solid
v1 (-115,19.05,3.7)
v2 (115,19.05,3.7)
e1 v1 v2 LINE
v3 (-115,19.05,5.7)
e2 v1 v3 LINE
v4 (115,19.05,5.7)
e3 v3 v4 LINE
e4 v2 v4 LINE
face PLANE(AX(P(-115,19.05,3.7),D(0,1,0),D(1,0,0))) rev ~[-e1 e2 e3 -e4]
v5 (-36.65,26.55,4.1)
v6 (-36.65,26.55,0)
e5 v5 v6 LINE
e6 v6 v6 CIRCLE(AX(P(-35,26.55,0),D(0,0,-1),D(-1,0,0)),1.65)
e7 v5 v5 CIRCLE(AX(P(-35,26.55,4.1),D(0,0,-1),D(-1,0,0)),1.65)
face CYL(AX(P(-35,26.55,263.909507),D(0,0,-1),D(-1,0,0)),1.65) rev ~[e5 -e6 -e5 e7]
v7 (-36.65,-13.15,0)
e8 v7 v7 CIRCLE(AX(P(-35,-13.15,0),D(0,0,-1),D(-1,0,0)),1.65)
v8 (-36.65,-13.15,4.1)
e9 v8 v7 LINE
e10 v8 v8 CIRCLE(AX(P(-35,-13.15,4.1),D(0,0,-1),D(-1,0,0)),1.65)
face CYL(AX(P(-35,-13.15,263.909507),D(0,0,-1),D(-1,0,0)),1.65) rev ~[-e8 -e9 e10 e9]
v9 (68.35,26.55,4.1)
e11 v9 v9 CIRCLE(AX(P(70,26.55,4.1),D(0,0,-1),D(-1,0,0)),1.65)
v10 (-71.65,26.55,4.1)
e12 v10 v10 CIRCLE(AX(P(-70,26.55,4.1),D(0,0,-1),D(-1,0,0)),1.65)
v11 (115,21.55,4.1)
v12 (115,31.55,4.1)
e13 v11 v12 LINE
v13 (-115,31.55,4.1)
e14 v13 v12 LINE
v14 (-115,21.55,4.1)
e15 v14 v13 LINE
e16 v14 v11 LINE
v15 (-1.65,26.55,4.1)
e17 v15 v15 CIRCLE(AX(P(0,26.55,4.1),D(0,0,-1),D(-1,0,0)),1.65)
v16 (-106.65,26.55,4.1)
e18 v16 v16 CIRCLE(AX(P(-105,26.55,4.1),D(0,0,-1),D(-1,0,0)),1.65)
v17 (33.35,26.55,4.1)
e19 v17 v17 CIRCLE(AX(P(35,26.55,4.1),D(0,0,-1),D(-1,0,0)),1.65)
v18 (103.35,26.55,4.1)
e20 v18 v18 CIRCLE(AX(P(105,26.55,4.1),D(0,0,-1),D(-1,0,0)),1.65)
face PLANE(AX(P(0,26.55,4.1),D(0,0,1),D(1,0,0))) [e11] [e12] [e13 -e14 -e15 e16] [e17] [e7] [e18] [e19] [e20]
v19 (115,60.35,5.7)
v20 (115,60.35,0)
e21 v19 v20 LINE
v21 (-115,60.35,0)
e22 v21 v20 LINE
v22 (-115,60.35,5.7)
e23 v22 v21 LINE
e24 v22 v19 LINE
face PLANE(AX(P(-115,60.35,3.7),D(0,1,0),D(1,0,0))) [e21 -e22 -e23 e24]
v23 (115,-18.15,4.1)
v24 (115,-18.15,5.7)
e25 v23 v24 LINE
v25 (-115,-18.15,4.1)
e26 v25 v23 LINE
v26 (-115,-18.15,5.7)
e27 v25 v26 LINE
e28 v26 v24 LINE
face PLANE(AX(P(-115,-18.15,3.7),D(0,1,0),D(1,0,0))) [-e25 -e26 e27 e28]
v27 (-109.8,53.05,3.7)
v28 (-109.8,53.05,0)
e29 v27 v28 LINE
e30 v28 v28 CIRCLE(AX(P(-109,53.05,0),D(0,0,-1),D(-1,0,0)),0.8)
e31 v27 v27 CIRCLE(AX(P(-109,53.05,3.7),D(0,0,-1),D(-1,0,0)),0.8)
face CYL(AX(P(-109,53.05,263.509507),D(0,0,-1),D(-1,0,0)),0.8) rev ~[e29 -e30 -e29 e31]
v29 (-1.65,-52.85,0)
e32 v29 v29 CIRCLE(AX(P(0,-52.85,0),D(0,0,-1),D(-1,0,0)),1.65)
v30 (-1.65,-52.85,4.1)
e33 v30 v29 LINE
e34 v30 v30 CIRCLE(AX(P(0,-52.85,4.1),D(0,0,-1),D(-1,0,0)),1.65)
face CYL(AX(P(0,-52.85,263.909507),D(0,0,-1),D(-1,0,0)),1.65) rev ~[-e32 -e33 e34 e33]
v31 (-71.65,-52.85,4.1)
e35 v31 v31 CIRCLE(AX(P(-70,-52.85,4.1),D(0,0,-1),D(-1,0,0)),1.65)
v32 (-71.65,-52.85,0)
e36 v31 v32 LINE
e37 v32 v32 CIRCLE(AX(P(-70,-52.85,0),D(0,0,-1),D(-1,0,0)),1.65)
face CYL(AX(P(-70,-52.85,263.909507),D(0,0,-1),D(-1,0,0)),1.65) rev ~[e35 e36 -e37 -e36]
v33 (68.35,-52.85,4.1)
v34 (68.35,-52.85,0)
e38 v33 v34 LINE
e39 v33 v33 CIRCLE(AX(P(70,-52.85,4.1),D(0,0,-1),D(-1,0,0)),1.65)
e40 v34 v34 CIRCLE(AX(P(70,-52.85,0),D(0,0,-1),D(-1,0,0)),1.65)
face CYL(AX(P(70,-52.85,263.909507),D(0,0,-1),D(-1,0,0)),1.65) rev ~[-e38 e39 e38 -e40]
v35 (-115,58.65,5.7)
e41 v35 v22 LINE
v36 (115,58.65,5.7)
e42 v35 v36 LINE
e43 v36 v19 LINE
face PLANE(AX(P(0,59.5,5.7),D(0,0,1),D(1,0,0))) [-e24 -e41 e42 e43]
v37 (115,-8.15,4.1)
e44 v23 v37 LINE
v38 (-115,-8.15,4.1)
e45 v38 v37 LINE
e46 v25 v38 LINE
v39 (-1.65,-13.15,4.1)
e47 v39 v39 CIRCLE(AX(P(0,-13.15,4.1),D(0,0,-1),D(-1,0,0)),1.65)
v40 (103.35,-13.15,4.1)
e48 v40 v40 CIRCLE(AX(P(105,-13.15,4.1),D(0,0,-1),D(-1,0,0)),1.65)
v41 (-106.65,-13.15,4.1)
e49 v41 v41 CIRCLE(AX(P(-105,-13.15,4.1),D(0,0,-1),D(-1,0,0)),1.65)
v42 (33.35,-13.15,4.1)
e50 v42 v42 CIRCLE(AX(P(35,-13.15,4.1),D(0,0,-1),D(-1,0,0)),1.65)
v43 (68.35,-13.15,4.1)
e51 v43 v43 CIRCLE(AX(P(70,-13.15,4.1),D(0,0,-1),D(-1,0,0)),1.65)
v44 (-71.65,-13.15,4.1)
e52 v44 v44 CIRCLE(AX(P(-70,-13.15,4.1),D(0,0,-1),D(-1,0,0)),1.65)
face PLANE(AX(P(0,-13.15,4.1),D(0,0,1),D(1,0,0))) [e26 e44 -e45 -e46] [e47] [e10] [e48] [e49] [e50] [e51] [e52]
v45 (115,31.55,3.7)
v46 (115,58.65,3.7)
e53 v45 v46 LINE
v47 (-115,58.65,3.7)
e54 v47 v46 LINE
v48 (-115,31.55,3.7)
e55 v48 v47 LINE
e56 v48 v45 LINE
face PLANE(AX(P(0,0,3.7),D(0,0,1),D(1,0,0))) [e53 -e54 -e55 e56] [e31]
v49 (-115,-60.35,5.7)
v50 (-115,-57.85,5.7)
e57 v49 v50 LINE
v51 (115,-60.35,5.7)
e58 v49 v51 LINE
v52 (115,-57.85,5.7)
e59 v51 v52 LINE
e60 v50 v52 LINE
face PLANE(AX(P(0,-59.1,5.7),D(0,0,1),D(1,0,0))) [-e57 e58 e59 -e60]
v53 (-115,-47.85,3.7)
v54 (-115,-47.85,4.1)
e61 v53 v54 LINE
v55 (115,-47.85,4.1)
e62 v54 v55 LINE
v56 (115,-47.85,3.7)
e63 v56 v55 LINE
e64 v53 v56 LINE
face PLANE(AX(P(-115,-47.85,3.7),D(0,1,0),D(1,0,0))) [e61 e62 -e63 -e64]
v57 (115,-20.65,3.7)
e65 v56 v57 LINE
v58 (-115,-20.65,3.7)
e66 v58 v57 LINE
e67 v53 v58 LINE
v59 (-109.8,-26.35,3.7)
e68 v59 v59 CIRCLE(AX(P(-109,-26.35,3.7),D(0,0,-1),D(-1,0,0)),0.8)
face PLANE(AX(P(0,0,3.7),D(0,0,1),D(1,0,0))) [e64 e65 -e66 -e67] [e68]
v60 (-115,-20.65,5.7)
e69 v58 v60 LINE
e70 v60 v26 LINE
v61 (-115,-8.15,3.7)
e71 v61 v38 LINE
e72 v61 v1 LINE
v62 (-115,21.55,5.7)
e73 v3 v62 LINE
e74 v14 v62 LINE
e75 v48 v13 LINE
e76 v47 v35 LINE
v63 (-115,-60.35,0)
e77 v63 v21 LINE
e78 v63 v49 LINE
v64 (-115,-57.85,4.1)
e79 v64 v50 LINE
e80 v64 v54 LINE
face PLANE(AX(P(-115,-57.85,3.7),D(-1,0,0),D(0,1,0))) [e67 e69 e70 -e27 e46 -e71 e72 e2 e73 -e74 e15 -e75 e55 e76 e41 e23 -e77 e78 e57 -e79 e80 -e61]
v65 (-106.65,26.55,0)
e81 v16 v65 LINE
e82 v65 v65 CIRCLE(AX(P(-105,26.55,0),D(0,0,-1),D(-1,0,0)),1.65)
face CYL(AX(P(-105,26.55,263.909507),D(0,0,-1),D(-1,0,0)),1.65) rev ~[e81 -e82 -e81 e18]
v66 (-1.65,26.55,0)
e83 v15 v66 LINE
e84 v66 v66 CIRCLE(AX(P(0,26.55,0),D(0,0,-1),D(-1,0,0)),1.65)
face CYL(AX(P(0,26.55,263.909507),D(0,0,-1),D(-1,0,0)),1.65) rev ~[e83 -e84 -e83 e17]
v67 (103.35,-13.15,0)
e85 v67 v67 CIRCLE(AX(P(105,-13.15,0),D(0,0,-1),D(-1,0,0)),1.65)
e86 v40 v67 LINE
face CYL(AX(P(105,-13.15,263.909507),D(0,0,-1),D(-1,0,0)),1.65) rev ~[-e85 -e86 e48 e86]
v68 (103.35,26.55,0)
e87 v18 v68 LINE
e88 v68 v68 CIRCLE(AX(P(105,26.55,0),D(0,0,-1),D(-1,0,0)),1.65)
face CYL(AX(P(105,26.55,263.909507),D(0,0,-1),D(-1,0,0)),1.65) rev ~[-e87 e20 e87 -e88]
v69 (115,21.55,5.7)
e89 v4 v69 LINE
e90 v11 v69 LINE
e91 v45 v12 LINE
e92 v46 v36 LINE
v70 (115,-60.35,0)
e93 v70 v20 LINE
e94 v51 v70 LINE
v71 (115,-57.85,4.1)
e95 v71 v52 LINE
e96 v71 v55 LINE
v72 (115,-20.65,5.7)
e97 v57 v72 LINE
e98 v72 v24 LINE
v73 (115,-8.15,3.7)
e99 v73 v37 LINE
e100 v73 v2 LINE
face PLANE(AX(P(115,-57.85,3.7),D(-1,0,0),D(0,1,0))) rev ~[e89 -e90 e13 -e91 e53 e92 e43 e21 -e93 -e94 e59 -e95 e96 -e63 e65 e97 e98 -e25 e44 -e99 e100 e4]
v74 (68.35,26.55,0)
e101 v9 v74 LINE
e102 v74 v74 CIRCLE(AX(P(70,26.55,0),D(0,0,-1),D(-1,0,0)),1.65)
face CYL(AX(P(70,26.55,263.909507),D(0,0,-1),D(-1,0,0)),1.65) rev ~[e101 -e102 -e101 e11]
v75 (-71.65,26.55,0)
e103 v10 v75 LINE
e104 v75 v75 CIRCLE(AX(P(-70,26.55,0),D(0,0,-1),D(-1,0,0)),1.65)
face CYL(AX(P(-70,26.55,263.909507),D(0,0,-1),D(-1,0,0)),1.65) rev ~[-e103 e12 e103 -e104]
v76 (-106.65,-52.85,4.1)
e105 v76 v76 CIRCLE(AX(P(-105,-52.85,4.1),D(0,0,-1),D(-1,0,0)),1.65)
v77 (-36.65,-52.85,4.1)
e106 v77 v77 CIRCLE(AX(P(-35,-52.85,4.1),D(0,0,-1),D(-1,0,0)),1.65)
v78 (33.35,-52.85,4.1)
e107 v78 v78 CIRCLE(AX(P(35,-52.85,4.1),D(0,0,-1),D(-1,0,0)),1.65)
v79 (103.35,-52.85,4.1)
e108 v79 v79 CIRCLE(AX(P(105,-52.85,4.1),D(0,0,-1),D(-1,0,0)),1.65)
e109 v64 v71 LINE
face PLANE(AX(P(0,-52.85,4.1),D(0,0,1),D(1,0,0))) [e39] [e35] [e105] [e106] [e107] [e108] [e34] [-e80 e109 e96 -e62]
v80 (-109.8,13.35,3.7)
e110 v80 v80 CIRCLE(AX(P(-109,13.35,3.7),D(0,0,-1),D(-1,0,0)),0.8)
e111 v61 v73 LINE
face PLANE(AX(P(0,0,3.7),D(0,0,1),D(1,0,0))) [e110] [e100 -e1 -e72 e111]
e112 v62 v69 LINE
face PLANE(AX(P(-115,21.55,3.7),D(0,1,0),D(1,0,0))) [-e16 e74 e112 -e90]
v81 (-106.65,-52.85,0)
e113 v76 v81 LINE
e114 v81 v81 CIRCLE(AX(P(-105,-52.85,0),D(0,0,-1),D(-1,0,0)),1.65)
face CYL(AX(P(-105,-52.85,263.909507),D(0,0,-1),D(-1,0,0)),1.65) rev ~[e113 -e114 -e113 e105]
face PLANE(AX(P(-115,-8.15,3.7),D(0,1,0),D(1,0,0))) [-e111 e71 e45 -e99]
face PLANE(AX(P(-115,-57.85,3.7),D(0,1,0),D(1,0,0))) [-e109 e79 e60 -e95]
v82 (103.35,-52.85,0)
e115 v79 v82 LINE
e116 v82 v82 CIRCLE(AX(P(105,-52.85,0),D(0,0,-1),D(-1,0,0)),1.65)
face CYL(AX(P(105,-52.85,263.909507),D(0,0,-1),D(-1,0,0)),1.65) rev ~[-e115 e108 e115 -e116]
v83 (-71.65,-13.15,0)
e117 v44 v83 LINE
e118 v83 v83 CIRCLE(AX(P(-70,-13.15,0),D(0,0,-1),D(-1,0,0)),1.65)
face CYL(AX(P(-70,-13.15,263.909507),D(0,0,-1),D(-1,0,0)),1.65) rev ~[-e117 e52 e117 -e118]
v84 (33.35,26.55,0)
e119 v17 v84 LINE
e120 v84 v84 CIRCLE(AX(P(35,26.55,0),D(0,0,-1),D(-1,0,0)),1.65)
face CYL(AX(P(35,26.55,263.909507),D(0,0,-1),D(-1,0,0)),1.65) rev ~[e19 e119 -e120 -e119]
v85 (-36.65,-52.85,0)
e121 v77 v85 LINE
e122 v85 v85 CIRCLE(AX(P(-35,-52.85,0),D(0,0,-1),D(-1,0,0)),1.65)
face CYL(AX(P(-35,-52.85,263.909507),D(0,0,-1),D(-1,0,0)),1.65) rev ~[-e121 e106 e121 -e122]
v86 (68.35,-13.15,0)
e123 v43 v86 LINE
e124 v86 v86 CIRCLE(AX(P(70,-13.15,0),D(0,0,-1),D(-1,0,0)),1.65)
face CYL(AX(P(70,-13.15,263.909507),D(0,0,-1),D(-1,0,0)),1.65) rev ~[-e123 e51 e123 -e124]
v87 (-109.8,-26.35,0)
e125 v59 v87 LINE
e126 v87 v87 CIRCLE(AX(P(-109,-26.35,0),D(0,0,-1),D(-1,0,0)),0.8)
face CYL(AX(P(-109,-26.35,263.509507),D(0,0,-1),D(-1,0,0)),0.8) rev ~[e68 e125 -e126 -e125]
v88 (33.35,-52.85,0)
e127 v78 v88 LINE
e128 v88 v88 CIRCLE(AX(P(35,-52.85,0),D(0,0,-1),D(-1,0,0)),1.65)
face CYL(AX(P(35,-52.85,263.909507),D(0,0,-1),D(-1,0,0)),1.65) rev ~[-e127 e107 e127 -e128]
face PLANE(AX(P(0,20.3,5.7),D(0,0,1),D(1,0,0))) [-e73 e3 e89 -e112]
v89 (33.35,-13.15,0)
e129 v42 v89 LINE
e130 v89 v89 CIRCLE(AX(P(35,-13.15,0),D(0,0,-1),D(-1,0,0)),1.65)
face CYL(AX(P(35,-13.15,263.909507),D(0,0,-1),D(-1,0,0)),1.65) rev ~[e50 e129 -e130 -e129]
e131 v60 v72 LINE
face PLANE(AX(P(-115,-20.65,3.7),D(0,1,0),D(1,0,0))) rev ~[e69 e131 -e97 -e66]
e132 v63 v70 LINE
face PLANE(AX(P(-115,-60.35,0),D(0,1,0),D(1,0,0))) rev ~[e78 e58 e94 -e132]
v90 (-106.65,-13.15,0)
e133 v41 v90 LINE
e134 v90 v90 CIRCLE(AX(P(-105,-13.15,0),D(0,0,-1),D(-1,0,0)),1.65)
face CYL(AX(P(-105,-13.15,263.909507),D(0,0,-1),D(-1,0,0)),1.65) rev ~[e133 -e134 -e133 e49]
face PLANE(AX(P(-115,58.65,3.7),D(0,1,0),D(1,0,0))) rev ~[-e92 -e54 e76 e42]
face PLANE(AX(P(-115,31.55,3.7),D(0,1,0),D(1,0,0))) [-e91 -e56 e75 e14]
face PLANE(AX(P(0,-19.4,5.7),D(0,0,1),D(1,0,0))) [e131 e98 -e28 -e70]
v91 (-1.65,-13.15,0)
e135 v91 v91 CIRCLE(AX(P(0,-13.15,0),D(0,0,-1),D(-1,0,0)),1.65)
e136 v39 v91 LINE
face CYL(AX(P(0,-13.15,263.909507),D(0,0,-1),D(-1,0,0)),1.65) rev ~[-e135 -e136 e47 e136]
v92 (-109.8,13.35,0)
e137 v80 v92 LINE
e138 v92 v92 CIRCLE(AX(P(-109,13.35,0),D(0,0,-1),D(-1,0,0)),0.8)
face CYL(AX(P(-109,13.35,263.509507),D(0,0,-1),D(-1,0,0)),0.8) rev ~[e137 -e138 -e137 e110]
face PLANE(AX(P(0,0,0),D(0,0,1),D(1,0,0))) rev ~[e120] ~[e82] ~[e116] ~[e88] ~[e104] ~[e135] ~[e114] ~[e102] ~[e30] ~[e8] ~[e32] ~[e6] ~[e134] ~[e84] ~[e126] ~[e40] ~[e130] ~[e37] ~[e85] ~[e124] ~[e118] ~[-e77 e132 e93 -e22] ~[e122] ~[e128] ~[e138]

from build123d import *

# Parameters (mm, degrees)
F0_W     = 230
F0_H     = 120.7
F1_DEPTH = 3.7
F2_W     = 230
F2_H     = 1.7
F2_H_2   = 2.5
F3_DEPTH = 2
F4_W     = 230
F4_H     = 10
F5_DEPTH = 0.4
F6_W     = 230
F6_H     = 10
F7_DEPTH = 0.4
F8_W     = 230
F8_H     = 10
F9_DEPTH = 0.4
F11_D    = 3.3
F13_D    = 3.3
F15_D    = 3.3
F17_D    = 1.6
F19_D    = 1.6
F21_D    = 1.6


with BuildPart() as f1:
    # F0 (on Top) → F1 (new body)
    with BuildSketch(Plane.XY):
        Rectangle(F0_W, F0_H)
    extrude(amount=F1_DEPTH)

    # F2 (on face) → F3 (join)
    with BuildSketch(Plane.XY.offset(3.7)):
        with Locations((0, 59.5)):
            Rectangle(F2_W, F2_H)
        with Locations((0, 20.3)):
            Rectangle(F2_W, F2_H_2)
        with Locations((0, -19.4)):
            Rectangle(F2_W, F2_H_2)
        with Locations((0, -59.1)):
            Rectangle(F2_W, F2_H_2)
    extrude(amount=F3_DEPTH)

    # F4 (on face) → F5 (join)
    with BuildSketch(Plane.XY.offset(3.7)):
        with Locations((0, 26.55)):
            Rectangle(F4_W, F4_H)
    extrude(amount=F5_DEPTH)

    # F6 (on face) → F7 (join)
    with BuildSketch(Plane.XY.offset(3.7)):
        with Locations((0, -13.15)):
            Rectangle(F6_W, F6_H)
    extrude(amount=F7_DEPTH)

    # F8 (on face) → F9 (join)
    with BuildSketch(Plane.XY.offset(3.7)):
        with Locations((0, -52.85)):
            Rectangle(F8_W, F8_H)
    extrude(amount=F9_DEPTH)

    # F11 (through all)
    with Locations(Plane.XY.offset(4.1)):
        with Locations((-105, 26.55), (-70, 26.55), (-35, 26.55), (0, 26.55), (35, 26.55), (70, 26.55), (105, 26.55)):
            Hole(F11_D / 2)

    # F13 (through all)
    with Locations(Plane.XY.offset(4.1)):
        with Locations((-105, -13.15), (-70, -13.15), (-35, -13.15), (0, -13.15), (35, -13.15), (70, -13.15), (105, -13.15)):
            Hole(F13_D / 2)

    # F15 (through all)
    with Locations(Plane.XY.offset(4.1)):
        with Locations((-105, -52.85), (-70, -52.85), (-35, -52.85), (0, -52.85), (35, -52.85), (70, -52.85), (105, -52.85)):
            Hole(F15_D / 2)

    # F17 (through all)
    with Locations(Plane.XY.offset(3.7)):
        with Locations((-109, 53.05)):
            Hole(F17_D / 2)

    # F19 (through all)
    with Locations(Plane.XY.offset(3.7)):
        with Locations((-109, 13.35)):
            Hole(F19_D / 2)

    # F21 (through all)
    with Locations(Plane.XY.offset(3.7)):
        with Locations((-109, -26.35)):
            Hole(F21_D / 2)


solid = f1.part
